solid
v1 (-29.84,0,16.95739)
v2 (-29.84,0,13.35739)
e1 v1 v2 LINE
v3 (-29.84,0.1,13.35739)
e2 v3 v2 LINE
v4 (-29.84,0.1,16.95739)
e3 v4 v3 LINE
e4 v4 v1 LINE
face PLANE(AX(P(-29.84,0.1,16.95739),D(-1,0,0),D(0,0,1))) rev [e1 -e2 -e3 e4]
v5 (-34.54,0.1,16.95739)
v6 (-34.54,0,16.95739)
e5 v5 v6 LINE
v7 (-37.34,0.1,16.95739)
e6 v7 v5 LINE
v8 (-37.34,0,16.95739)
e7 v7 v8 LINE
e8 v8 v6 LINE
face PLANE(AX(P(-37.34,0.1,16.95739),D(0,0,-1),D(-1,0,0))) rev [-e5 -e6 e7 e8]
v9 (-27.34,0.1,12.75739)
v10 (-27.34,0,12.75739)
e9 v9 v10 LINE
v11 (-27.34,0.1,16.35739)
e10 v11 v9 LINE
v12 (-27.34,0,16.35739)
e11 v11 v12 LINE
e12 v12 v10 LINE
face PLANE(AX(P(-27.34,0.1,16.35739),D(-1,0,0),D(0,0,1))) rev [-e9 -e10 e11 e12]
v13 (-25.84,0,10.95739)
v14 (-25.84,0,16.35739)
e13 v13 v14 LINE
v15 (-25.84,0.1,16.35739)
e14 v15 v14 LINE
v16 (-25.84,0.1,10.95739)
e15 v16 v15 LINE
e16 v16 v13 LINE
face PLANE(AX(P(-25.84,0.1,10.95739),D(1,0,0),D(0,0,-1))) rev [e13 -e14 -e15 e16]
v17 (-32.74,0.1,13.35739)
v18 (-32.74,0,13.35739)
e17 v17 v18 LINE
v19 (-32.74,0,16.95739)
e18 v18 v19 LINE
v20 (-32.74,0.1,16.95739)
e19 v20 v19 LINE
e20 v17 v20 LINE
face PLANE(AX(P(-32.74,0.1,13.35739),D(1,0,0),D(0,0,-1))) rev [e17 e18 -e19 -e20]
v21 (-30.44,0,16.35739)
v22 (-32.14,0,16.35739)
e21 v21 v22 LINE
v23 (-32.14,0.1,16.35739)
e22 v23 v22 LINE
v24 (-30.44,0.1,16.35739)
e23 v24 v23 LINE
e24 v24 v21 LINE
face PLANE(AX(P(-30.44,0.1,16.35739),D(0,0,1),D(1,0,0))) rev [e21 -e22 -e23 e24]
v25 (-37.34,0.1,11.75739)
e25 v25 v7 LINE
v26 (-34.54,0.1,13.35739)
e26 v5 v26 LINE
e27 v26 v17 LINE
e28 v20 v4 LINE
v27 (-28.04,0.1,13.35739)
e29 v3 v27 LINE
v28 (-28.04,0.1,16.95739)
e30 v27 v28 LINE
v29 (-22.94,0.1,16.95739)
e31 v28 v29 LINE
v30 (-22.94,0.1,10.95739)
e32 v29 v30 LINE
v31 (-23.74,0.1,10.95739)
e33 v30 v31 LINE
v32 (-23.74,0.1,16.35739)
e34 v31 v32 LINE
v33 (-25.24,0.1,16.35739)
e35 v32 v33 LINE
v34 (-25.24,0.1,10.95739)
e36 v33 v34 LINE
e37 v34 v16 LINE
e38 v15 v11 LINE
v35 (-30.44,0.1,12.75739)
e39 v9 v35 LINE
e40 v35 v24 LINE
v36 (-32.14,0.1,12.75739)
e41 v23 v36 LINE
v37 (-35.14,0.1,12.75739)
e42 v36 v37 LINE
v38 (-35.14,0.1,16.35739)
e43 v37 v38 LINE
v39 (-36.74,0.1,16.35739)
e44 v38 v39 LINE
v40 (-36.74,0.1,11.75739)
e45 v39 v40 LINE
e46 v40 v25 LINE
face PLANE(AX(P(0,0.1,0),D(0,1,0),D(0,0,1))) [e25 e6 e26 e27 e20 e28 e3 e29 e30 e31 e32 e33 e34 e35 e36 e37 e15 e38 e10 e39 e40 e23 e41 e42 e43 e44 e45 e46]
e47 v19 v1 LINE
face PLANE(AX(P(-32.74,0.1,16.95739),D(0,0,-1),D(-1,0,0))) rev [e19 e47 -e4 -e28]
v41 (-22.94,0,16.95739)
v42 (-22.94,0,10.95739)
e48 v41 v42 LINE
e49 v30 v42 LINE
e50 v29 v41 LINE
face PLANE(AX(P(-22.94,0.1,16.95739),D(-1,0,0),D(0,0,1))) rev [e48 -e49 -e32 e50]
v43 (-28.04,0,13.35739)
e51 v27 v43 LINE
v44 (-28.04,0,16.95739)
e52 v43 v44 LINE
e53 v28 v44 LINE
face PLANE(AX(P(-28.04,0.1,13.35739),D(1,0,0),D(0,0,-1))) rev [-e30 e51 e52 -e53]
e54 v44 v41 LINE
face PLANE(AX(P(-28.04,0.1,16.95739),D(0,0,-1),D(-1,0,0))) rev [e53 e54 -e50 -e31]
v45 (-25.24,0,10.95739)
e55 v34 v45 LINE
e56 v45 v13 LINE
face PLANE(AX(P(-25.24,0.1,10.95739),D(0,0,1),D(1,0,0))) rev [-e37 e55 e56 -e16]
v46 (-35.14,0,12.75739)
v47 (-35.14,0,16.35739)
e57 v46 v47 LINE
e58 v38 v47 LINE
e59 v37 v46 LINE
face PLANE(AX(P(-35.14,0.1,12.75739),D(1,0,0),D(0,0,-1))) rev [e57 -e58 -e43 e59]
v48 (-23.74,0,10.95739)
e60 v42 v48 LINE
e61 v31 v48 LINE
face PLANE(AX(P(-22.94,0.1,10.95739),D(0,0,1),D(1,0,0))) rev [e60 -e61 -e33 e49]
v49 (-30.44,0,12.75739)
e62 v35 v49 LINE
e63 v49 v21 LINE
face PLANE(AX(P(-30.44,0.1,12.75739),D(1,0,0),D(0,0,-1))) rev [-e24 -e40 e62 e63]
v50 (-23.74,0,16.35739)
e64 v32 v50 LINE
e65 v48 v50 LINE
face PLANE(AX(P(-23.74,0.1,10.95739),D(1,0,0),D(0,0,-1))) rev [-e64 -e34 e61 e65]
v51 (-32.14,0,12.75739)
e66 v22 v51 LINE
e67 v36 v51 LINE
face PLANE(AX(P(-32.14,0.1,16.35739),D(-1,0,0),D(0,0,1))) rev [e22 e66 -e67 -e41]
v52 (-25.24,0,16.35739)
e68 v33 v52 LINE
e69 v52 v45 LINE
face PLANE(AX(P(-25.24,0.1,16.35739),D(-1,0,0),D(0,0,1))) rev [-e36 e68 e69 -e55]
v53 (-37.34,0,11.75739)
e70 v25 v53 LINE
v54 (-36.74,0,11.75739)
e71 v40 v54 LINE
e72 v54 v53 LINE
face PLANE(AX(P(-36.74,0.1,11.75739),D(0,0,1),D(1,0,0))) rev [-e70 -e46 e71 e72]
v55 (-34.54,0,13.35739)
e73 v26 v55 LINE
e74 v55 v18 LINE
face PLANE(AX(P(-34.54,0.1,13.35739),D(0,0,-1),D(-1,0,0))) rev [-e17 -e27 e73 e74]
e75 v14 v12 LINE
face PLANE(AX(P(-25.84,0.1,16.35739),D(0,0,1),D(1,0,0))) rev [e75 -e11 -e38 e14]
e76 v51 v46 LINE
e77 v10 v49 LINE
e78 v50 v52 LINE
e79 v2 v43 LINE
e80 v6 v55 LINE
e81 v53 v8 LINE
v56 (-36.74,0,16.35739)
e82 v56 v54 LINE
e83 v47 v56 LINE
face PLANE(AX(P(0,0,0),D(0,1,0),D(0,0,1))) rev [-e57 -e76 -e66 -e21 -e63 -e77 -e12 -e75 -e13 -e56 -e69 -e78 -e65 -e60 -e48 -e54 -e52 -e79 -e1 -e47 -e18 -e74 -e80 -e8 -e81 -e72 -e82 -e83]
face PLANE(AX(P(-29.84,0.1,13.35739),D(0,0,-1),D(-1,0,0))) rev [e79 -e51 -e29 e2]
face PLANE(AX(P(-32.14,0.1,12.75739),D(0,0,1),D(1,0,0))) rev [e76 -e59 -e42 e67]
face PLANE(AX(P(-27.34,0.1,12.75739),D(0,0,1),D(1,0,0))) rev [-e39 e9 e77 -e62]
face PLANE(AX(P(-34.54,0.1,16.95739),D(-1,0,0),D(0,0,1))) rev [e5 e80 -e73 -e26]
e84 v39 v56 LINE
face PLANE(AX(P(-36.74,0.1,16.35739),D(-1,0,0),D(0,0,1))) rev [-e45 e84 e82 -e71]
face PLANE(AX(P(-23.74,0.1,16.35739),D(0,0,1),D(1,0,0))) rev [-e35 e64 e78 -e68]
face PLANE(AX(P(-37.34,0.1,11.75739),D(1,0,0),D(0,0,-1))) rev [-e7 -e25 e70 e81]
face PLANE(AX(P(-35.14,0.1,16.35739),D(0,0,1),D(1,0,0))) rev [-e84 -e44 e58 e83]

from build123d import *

# Parameters (mm, degrees)
SKETCH1_R           = 1.5875
BOSS_EXTRUDE1_DEPTH = 1.65
SKETCH2_R           = 0.4
CUT_EXTRUDE1_DEPTH  = 1.65
SKETCH3_R           = 0.4
CUT_EXTRUDE2_DEPTH  = 1.65
LPATTERN1_COUNT     = 15
LPATTERN1_PITCH     = 2.54
SKETCH4_R           = 0.4
CUT_EXTRUDE3_DEPTH  = 1.65
LPATTERN2_COUNT     = 10
LPATTERN2_PITCH     = 2.54
EXTRUDE_1_DEPTH     = 0.1
SKETCH_2_W          = 71.696119323
SKETCH_2_H          = 83.90888514
CUT_EXTRUDE_1_DEPTH = 87.897033896


with BuildPart() as part:
    # Sketch1 → Boss-Extrude1 (new body)
    with BuildSketch(Plane(origin=(0, 0, 0), x_dir=(1, 0, 0), z_dir=(0, 1, 0))):
        Polygon((0, 0), (-53.34, 0), (-53.34, 66.04), (-40.386, 66.04), (-37.846, 68.58), (-5.08, 68.58), (-2.54, 66.04), (0, 66.04), align=None)
        with Locations(Location((-7.62, 66.04, 0), (0, 0, 270))):
            Circle(SKETCH1_R, mode=Mode.SUBTRACT)
        with Locations(Location((-35.56, 66.04, 0), (0, 0, 270))):
            Circle(SKETCH1_R, mode=Mode.SUBTRACT)
        with Locations(Location((-2.54, 13.97, 0), (0, 0, 270))):
            Circle(SKETCH1_R, mode=Mode.SUBTRACT)
        with Locations(Location((-50.8, 15.24, 0), (0, 0, 270))):
            Circle(SKETCH1_R, mode=Mode.SUBTRACT)
    extrude(amount=-BOSS_EXTRUDE1_DEPTH)

    # Sketch2 → Cut-Extrude1 (cut)
    with BuildSketch(Plane(origin=(0, 0, 0), x_dir=(1, 0, 0), z_dir=(0, 1, 0))):
        with Locations(Location((-2.54, 27.94, 0), (0, 0, 270))):
            Circle(SKETCH2_R)
    cut_extrude1 = extrude(amount=-CUT_EXTRUDE1_DEPTH, mode=Mode.SUBTRACT)

    # Sketch3 → Cut-Extrude2 (cut)
    with BuildSketch(Plane(origin=(0, 0, 0), x_dir=(1, 0, 0), z_dir=(0, 1, 0))):
        with Locations(Location((-50.8, 18.796, 0), (0, 0, 270))):
            Circle(SKETCH3_R)
    cut_extrude2 = extrude(amount=-CUT_EXTRUDE2_DEPTH, mode=Mode.SUBTRACT)

    # LPattern1: Cut-Extrude1 ×15, 1 skipped
    with Locations(*[(0, 0, -i * LPATTERN1_PITCH) for i in range(1, LPATTERN1_COUNT) if i not in (8,)]):
        add(cut_extrude1, mode=Mode.SUBTRACT)

    # Sketch4 → Cut-Extrude3 (cut)
    with BuildSketch(Plane(origin=(0, 0, 0), x_dir=(1, 0, 0), z_dir=(0, 1, 0))):
        with Locations(Location((-50.8, 45.72, 0), (0, 0, 270))):
            Circle(SKETCH4_R)
    extrude(amount=-CUT_EXTRUDE3_DEPTH, mode=Mode.SUBTRACT)

    # LPattern2: Cut-Extrude2 ×10
    with Locations(*[(0, 0, -i * LPATTERN2_PITCH) for i in range(1, LPATTERN2_COUNT)]):
        add(cut_extrude2, mode=Mode.SUBTRACT)

    # 草图2 → 切除-拉伸1 (cut, through all)
    with BuildSketch(Plane(origin=(0, 0, 0), x_dir=(1, 0, 0), z_dir=(0, 1, 0))):
        with Locations((-23.858381216, 34.717351285)):
            Rectangle(SKETCH_2_W, SKETCH_2_H)
    extrude(amount=-CUT_EXTRUDE_1_DEPTH, mode=Mode.SUBTRACT)


with BuildPart() as body_2:
    # 草图1 → 凸台-拉伸1 (new body)
    with BuildSketch(Plane(origin=(0, 0, 0), x_dir=(1, 0, 0), z_dir=(0, 1, 0))):
        Polygon((-37.34, -11.757389562), (-37.34, -16.957389562), (-34.54, -16.957389562), (-34.54, -13.357389562), (-32.74, -13.357389562), (-32.74, -16.957389562), (-29.84, -16.957389562), (-29.84, -13.357389562), (-28.04, -13.357389562), (-28.04, -16.957389562), (-22.94, -16.957389562), (-22.94, -10.957389562), (-23.74, -10.957389562), (-23.74, -16.357389562), (-25.24, -16.357389562), (-25.24, -10.957389562), (-25.84, -10.957389562), (-25.84, -16.357389562), (-27.34, -16.357389562), (-27.34, -12.757389562), (-30.44, -12.757389562), (-30.44, -16.357389562), (-32.14, -16.357389562), (-32.14, -12.757389562), (-35.14, -12.757389562), (-35.14, -16.357389562), (-36.74, -16.357389562), (-36.74, -11.757389562), align=None)
    extrude(amount=EXTRUDE_1_DEPTH)


solid = body_2.part
